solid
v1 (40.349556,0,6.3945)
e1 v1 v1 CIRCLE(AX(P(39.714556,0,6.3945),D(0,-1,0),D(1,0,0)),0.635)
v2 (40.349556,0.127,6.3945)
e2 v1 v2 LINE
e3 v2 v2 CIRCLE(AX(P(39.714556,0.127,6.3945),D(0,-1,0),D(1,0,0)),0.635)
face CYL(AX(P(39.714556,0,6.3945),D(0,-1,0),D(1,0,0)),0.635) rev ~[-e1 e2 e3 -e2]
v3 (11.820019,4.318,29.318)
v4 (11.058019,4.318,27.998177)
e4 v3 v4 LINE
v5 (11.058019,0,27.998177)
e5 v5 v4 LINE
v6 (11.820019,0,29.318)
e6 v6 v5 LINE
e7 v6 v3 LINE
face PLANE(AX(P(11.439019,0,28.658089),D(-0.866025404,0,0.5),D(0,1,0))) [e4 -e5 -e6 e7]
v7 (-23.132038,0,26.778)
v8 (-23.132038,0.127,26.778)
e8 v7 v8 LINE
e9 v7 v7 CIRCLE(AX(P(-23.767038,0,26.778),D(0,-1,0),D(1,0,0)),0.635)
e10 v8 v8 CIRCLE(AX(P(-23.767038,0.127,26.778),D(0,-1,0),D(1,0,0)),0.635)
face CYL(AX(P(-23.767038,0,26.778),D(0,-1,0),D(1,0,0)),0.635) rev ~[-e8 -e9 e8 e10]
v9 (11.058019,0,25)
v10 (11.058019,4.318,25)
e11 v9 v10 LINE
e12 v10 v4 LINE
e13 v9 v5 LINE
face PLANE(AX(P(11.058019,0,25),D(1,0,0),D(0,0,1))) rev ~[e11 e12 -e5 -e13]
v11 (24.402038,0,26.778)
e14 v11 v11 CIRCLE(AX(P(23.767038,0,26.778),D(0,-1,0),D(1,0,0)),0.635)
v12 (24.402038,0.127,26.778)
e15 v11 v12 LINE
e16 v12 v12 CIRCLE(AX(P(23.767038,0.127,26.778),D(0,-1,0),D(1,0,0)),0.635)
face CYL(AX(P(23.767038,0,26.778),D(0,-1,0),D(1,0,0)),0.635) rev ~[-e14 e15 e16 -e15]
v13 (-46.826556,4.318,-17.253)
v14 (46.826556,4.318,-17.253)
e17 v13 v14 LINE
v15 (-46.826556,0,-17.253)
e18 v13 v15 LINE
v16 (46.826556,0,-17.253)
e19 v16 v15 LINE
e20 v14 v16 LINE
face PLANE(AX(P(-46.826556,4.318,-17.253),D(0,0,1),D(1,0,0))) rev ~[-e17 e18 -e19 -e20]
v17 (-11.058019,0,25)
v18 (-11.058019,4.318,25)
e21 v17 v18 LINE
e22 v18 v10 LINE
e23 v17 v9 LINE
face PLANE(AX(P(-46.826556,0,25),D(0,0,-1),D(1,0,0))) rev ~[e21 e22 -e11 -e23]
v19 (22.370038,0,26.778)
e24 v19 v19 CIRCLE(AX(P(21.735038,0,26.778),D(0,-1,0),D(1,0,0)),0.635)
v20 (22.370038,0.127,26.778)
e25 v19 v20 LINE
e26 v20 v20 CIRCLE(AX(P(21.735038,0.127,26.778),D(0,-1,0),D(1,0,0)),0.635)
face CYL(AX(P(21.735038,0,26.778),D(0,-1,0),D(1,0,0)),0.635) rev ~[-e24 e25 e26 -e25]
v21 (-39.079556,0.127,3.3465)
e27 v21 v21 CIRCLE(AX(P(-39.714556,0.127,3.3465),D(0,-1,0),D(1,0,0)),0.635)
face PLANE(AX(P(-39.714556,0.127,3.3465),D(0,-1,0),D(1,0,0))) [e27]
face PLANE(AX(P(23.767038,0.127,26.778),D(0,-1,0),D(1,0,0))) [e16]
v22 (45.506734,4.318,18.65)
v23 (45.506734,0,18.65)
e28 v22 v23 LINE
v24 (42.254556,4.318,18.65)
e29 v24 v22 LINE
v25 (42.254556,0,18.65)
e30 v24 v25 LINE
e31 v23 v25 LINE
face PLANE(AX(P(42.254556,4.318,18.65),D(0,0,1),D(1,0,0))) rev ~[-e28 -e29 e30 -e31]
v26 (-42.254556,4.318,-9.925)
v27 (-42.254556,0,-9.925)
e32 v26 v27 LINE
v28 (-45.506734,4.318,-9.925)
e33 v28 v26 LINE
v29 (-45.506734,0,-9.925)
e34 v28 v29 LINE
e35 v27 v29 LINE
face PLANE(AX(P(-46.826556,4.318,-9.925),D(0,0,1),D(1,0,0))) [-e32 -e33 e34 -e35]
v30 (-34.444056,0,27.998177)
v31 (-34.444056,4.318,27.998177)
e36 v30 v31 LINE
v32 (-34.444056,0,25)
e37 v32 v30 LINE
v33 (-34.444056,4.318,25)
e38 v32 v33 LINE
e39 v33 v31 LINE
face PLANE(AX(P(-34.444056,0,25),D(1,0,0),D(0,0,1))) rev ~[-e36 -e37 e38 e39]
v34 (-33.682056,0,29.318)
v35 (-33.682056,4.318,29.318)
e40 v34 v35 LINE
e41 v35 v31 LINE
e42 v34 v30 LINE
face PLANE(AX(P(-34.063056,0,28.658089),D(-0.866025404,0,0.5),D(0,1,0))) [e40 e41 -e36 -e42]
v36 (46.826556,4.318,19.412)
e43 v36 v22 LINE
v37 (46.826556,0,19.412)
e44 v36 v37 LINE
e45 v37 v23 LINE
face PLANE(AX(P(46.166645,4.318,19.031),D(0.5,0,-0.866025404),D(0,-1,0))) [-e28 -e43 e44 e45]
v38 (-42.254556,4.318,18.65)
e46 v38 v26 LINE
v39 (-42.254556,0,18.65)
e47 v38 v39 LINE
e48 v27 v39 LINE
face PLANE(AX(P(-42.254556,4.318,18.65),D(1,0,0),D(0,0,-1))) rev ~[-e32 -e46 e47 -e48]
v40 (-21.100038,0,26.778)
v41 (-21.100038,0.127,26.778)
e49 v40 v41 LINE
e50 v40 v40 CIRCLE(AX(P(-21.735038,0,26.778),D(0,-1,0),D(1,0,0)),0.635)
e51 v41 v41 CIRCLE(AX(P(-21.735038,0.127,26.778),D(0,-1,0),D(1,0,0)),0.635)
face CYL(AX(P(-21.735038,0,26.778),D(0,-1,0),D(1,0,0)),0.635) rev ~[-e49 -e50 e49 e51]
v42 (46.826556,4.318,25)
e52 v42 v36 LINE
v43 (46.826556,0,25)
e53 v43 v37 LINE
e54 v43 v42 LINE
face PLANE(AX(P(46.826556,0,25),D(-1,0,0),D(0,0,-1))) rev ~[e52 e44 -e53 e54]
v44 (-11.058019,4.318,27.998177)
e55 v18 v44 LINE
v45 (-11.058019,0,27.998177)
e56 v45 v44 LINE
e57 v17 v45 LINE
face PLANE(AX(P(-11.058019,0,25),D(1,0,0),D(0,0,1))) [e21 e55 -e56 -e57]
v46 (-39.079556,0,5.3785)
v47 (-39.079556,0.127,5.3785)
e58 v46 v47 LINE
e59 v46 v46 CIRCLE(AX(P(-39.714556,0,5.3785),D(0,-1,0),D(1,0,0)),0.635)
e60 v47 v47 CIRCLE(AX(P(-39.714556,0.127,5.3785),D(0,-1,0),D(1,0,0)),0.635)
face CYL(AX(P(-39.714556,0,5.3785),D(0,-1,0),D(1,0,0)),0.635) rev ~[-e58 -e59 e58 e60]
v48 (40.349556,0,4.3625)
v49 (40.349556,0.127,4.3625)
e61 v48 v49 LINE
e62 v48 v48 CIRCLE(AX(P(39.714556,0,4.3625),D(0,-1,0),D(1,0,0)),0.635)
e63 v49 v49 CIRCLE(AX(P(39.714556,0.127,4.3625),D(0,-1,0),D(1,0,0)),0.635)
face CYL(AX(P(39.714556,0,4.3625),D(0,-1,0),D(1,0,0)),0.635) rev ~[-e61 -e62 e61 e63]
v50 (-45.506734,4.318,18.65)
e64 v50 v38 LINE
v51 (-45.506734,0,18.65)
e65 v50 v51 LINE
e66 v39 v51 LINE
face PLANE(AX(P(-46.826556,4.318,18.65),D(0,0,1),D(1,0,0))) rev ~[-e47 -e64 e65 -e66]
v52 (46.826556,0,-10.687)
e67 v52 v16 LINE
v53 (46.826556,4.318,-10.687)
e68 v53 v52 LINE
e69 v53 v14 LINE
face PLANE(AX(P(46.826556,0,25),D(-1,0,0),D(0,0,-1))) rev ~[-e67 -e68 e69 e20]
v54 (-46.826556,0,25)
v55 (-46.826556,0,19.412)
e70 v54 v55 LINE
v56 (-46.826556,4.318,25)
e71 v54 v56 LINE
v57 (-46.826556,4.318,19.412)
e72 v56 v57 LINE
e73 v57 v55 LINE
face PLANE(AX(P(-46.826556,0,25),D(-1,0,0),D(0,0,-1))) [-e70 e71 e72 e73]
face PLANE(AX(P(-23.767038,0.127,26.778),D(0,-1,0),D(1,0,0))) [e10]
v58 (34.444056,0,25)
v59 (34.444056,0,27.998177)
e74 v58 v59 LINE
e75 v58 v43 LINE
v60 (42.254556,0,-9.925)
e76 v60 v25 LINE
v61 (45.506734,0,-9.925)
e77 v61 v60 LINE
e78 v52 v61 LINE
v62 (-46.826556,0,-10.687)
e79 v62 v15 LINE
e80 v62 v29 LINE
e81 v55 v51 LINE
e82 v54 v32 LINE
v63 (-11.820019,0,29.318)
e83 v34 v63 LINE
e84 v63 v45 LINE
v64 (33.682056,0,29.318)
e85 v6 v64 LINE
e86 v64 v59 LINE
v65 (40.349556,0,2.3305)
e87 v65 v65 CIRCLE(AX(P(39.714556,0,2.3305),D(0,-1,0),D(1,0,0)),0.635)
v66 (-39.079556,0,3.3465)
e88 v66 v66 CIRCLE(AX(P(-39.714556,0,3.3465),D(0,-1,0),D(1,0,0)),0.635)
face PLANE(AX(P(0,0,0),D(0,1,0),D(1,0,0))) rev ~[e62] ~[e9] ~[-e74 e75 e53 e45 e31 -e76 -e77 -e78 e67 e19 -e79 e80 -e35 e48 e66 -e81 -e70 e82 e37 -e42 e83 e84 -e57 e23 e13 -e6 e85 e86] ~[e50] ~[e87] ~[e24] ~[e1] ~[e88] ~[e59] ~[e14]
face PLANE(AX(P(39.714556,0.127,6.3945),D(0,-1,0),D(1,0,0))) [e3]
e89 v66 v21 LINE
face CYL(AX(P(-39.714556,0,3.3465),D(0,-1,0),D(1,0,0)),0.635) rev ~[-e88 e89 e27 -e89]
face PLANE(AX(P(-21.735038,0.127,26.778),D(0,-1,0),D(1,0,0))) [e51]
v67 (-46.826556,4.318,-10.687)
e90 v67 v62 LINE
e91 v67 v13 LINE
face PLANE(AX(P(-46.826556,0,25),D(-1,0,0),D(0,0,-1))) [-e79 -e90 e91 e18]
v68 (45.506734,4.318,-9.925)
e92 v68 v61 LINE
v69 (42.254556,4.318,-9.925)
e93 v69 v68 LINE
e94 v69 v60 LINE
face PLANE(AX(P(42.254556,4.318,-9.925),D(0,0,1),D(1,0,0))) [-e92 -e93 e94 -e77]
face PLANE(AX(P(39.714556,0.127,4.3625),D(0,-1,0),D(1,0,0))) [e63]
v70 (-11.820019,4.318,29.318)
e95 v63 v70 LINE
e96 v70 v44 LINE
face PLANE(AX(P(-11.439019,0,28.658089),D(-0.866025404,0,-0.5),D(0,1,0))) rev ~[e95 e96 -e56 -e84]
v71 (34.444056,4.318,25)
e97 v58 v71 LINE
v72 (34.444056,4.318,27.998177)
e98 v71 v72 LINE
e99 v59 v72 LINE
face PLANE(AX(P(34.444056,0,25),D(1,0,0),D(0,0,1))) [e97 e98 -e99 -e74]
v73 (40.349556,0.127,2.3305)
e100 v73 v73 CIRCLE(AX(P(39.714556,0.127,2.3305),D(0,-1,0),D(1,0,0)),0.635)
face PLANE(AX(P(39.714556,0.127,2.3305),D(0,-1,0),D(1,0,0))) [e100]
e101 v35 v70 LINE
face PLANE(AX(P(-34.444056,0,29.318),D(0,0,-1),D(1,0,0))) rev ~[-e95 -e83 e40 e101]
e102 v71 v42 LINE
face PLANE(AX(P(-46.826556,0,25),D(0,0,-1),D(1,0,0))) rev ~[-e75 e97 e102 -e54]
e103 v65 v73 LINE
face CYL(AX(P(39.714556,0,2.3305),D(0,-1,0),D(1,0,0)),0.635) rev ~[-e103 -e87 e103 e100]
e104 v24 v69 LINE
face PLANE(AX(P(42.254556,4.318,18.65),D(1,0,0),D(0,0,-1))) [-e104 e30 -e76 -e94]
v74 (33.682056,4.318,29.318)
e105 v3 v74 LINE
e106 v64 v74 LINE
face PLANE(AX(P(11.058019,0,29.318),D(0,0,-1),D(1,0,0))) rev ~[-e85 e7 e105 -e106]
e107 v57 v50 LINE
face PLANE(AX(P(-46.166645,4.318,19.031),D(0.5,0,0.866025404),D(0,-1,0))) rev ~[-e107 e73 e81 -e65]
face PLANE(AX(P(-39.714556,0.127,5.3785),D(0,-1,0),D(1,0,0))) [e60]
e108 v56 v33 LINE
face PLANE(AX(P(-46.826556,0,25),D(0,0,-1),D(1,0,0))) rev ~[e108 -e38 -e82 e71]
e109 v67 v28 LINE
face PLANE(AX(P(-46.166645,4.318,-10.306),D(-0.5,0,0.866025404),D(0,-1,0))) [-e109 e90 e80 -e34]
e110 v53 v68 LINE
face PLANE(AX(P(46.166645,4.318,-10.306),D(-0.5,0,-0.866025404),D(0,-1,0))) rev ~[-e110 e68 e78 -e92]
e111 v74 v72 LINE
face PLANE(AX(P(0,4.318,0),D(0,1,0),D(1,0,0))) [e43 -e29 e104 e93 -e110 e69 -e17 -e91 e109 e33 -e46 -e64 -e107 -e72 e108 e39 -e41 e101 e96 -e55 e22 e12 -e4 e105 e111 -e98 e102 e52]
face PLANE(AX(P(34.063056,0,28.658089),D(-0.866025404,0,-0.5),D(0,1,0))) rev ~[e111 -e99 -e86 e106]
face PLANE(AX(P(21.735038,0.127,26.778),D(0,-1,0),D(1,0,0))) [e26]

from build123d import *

# Parameters (mm, degrees)
SKETCH1_W             = 93.653112922
SKETCH1_H             = 50
BOSS_EXTRUDE1_DEPTH   = 4.318
SKETCH3_W             = 23.386037641
SKETCH3_H             = 4.318
BOSS_EXTRUDE2_DEPTH   = 4.318
CUT_EXTRUDE1_REACH    = 6.318
SKETCH4_W             = 4.572
SKETCH4_H             = 28.575
CUT_EXTRUDE2_REACH    = 6.318
SKETCH5_W             = 93.653112922
SKETCH5_H             = 7.747
SKETCH8_R             = 0.635
CUT_EXTRUDE4_DEPTH    = 0.127
CHAMFER1_SIZE         = 0.762
CHAMFER1_SIZE2        = 1.319822715
CHAMFER1_PART_2_SIZE  = 0.762
CHAMFER1_PART_2_SIZE2 = 1.319822715
CHAMFER1_PART_3_SIZE  = 0.762
CHAMFER1_PART_3_SIZE2 = 1.319822715
CHAMFER1_PART_4_SIZE  = 0.762
CHAMFER1_PART_4_SIZE2 = 1.319822715
CHAMFER2_SIZE         = 0.762
CHAMFER2_SIZE2        = 1.319822715
CHAMFER2_PART_2_SIZE  = 0.762
CHAMFER2_PART_2_SIZE2 = 1.319822715
CHAMFER2_PART_3_SIZE  = 0.762
CHAMFER2_PART_3_SIZE2 = 1.319822715
CHAMFER2_PART_4_SIZE  = 0.762
CHAMFER2_PART_4_SIZE2 = 1.319822715


with BuildPart() as part:
    # Sketch1 → Boss-Extrude1 (new body)
    with BuildSketch(Plane(origin=(0, 0, 0), x_dir=(1, 0, 0), z_dir=(0, 1, 0))):
        Rectangle(SKETCH1_W, SKETCH1_H)
    extrude(amount=BOSS_EXTRUDE1_DEPTH)

    # Sketch3 → Boss-Extrude2 (add)
    with BuildSketch(Plane.XZ):
        with Locations((-22.751037641, 27.159)):
            Rectangle(SKETCH3_W, SKETCH3_H)
        with Locations((22.751037641, 27.159)):
            Rectangle(SKETCH3_W, SKETCH3_H)
    extrude(amount=-BOSS_EXTRUDE2_DEPTH)

    # Sketch4 → Cut-Extrude1 (cut, up to next)
    with BuildSketch(Plane(origin=(0, 4.318, 0), x_dir=(1, 0, 0), z_dir=(0, 1, 0)), mode=Mode.PRIVATE) as cut_extrude1_sk1:
        with Locations((-44.540556461, -4.3625)):
            Rectangle(SKETCH4_W, SKETCH4_H)
    cut_extrude1_tool1 = extrude(cut_extrude1_sk1.sketch, amount=-CUT_EXTRUDE1_REACH, mode=Mode.PRIVATE) & part.part
    add(cut_extrude1_tool1.solids().sort_by_distance((-44.540556, 4.318, 4.3625))[0], mode=Mode.SUBTRACT)
    # Sketch4 → Cut-Extrude1 (cut, up to next)
    with BuildSketch(Plane(origin=(0, 4.318, 0), x_dir=(1, 0, 0), z_dir=(0, 1, 0)), mode=Mode.PRIVATE) as cut_extrude1_sk2:
        with Locations((44.540556461, -4.3625)):
            Rectangle(SKETCH4_W, SKETCH4_H)
    cut_extrude1_tool2 = extrude(cut_extrude1_sk2.sketch, amount=-CUT_EXTRUDE1_REACH, mode=Mode.PRIVATE) & part.part
    add(cut_extrude1_tool2.solids().sort_by_distance((44.540556, 4.318, 4.3625))[0], mode=Mode.SUBTRACT)

    # Sketch5 → Cut-Extrude2 (cut, up to next)
    with BuildSketch(Plane(origin=(0, 4.318, 0), x_dir=(1, 0, 0), z_dir=(0, 1, 0)), mode=Mode.PRIVATE) as cut_extrude2_sk1:
        with Locations((0, 21.1265)):
            Rectangle(SKETCH5_W, SKETCH5_H)
    cut_extrude2_tool1 = extrude(cut_extrude2_sk1.sketch, amount=-CUT_EXTRUDE2_REACH, mode=Mode.PRIVATE) & part.part
    add(cut_extrude2_tool1.solids().sort_by_distance((0, 4.318, -21.1265))[0], mode=Mode.SUBTRACT)

    # Sketch8 → Cut-Extrude4 (cut)
    with BuildSketch(Plane.XZ):
        with Locations((21.735037641, 26.778)):
            Circle(SKETCH8_R)
        with Locations((23.767037641, 26.778)):
            Circle(SKETCH8_R)
        with Locations((39.714556461, 6.3945)):
            Circle(SKETCH8_R)
        with Locations((39.714556461, 4.3625)):
            Circle(SKETCH8_R)
        with Locations((39.714556461, 2.3305)):
            Circle(SKETCH8_R)
        with Locations((-23.767037641, 26.778)):
            Circle(SKETCH8_R)
        with Locations((-21.735037641, 26.778)):
            Circle(SKETCH8_R)
        with Locations((-39.714556461, 5.3785)):
            Circle(SKETCH8_R)
        with Locations((-39.714556461, 3.3465)):
            Circle(SKETCH8_R)
    extrude(amount=-CUT_EXTRUDE4_DEPTH, mode=Mode.SUBTRACT)

    # Chamfer1
    chamfer1_edges = [part.edges().sort_by_distance(p)[0] for p in [
        (-34.444056461, 2.159, 29.318),
    ]]
    chamfer1_side = [part.faces().sort_by_distance(p)[0] for p in [
        (-22.751037641, 2.159, 29.318),
    ]]
    chamfer(chamfer1_edges, length=CHAMFER1_SIZE, length2=CHAMFER1_SIZE2, reference=chamfer1_side[0])

    # Chamfer1 part 2
    chamfer1_part_2_edges = [part.edges().sort_by_distance(p)[0] for p in [
        (11.05801882, 2.159, 29.318),
    ]]
    chamfer1_part_2_side = [part.faces().sort_by_distance(p)[0] for p in [
        (22.751037641, 2.159, 29.318),
    ]]
    chamfer(chamfer1_part_2_edges, length=CHAMFER1_PART_2_SIZE, length2=CHAMFER1_PART_2_SIZE2, reference=chamfer1_part_2_side[0])

    # Chamfer1 part 3
    chamfer1_part_3_edges = [part.edges().sort_by_distance(p)[0] for p in [
        (-46.826556461, 2.159, -9.925),
    ]]
    chamfer1_part_3_side = [part.faces().sort_by_distance(p)[0] for p in [
        (-46.826556461, 2.159, -13.589),
    ]]
    chamfer(chamfer1_part_3_edges, length=CHAMFER1_PART_3_SIZE, length2=CHAMFER1_PART_3_SIZE2, reference=chamfer1_part_3_side[0])

    # Chamfer1 part 4
    chamfer1_part_4_edges = [part.edges().sort_by_distance(p)[0] for p in [
        (46.826556461, 2.159, 18.65),
    ]]
    chamfer1_part_4_side = [part.faces().sort_by_distance(p)[0] for p in [
        (46.826556461, 2.159, 21.825),
    ]]
    chamfer(chamfer1_part_4_edges, length=CHAMFER1_PART_4_SIZE, length2=CHAMFER1_PART_4_SIZE2, reference=chamfer1_part_4_side[0])

    # Chamfer2
    chamfer2_edges = [part.edges().sort_by_distance(p)[0] for p in [
        (-11.05801882, 2.159, 29.318),
    ]]
    chamfer2_side = [part.faces().sort_by_distance(p)[0] for p in [
        (-22.370037641, 2.159, 29.318),
    ]]
    chamfer(chamfer2_edges, length=CHAMFER2_SIZE, length2=CHAMFER2_SIZE2, reference=chamfer2_side[0])

    # Chamfer2 part 2
    chamfer2_part_2_edges = [part.edges().sort_by_distance(p)[0] for p in [
        (34.444056461, 2.159, 29.318),
    ]]
    chamfer2_part_2_side = [part.faces().sort_by_distance(p)[0] for p in [
        (23.132037641, 2.159, 29.318),
    ]]
    chamfer(chamfer2_part_2_edges, length=CHAMFER2_PART_2_SIZE, length2=CHAMFER2_PART_2_SIZE2, reference=chamfer2_part_2_side[0])

    # Chamfer2 part 3
    chamfer2_part_3_edges = [part.edges().sort_by_distance(p)[0] for p in [
        (-46.826556461, 2.159, 18.65),
    ]]
    chamfer2_part_3_side = [part.faces().sort_by_distance(p)[0] for p in [
        (-46.826556461, 2.159, 21.825),
    ]]
    chamfer(chamfer2_part_3_edges, length=CHAMFER2_PART_3_SIZE, length2=CHAMFER2_PART_3_SIZE2, reference=chamfer2_part_3_side[0])

    # Chamfer2 part 4
    chamfer2_part_4_edges = [part.edges().sort_by_distance(p)[0] for p in [
        (46.826556461, 2.159, -9.925),
    ]]
    chamfer2_part_4_side = [part.faces().sort_by_distance(p)[0] for p in [
        (46.826556461, 2.159, -13.589),
    ]]
    chamfer(chamfer2_part_4_edges, length=CHAMFER2_PART_4_SIZE, length2=CHAMFER2_PART_4_SIZE2, reference=chamfer2_part_4_side[0])


solid = part.part
